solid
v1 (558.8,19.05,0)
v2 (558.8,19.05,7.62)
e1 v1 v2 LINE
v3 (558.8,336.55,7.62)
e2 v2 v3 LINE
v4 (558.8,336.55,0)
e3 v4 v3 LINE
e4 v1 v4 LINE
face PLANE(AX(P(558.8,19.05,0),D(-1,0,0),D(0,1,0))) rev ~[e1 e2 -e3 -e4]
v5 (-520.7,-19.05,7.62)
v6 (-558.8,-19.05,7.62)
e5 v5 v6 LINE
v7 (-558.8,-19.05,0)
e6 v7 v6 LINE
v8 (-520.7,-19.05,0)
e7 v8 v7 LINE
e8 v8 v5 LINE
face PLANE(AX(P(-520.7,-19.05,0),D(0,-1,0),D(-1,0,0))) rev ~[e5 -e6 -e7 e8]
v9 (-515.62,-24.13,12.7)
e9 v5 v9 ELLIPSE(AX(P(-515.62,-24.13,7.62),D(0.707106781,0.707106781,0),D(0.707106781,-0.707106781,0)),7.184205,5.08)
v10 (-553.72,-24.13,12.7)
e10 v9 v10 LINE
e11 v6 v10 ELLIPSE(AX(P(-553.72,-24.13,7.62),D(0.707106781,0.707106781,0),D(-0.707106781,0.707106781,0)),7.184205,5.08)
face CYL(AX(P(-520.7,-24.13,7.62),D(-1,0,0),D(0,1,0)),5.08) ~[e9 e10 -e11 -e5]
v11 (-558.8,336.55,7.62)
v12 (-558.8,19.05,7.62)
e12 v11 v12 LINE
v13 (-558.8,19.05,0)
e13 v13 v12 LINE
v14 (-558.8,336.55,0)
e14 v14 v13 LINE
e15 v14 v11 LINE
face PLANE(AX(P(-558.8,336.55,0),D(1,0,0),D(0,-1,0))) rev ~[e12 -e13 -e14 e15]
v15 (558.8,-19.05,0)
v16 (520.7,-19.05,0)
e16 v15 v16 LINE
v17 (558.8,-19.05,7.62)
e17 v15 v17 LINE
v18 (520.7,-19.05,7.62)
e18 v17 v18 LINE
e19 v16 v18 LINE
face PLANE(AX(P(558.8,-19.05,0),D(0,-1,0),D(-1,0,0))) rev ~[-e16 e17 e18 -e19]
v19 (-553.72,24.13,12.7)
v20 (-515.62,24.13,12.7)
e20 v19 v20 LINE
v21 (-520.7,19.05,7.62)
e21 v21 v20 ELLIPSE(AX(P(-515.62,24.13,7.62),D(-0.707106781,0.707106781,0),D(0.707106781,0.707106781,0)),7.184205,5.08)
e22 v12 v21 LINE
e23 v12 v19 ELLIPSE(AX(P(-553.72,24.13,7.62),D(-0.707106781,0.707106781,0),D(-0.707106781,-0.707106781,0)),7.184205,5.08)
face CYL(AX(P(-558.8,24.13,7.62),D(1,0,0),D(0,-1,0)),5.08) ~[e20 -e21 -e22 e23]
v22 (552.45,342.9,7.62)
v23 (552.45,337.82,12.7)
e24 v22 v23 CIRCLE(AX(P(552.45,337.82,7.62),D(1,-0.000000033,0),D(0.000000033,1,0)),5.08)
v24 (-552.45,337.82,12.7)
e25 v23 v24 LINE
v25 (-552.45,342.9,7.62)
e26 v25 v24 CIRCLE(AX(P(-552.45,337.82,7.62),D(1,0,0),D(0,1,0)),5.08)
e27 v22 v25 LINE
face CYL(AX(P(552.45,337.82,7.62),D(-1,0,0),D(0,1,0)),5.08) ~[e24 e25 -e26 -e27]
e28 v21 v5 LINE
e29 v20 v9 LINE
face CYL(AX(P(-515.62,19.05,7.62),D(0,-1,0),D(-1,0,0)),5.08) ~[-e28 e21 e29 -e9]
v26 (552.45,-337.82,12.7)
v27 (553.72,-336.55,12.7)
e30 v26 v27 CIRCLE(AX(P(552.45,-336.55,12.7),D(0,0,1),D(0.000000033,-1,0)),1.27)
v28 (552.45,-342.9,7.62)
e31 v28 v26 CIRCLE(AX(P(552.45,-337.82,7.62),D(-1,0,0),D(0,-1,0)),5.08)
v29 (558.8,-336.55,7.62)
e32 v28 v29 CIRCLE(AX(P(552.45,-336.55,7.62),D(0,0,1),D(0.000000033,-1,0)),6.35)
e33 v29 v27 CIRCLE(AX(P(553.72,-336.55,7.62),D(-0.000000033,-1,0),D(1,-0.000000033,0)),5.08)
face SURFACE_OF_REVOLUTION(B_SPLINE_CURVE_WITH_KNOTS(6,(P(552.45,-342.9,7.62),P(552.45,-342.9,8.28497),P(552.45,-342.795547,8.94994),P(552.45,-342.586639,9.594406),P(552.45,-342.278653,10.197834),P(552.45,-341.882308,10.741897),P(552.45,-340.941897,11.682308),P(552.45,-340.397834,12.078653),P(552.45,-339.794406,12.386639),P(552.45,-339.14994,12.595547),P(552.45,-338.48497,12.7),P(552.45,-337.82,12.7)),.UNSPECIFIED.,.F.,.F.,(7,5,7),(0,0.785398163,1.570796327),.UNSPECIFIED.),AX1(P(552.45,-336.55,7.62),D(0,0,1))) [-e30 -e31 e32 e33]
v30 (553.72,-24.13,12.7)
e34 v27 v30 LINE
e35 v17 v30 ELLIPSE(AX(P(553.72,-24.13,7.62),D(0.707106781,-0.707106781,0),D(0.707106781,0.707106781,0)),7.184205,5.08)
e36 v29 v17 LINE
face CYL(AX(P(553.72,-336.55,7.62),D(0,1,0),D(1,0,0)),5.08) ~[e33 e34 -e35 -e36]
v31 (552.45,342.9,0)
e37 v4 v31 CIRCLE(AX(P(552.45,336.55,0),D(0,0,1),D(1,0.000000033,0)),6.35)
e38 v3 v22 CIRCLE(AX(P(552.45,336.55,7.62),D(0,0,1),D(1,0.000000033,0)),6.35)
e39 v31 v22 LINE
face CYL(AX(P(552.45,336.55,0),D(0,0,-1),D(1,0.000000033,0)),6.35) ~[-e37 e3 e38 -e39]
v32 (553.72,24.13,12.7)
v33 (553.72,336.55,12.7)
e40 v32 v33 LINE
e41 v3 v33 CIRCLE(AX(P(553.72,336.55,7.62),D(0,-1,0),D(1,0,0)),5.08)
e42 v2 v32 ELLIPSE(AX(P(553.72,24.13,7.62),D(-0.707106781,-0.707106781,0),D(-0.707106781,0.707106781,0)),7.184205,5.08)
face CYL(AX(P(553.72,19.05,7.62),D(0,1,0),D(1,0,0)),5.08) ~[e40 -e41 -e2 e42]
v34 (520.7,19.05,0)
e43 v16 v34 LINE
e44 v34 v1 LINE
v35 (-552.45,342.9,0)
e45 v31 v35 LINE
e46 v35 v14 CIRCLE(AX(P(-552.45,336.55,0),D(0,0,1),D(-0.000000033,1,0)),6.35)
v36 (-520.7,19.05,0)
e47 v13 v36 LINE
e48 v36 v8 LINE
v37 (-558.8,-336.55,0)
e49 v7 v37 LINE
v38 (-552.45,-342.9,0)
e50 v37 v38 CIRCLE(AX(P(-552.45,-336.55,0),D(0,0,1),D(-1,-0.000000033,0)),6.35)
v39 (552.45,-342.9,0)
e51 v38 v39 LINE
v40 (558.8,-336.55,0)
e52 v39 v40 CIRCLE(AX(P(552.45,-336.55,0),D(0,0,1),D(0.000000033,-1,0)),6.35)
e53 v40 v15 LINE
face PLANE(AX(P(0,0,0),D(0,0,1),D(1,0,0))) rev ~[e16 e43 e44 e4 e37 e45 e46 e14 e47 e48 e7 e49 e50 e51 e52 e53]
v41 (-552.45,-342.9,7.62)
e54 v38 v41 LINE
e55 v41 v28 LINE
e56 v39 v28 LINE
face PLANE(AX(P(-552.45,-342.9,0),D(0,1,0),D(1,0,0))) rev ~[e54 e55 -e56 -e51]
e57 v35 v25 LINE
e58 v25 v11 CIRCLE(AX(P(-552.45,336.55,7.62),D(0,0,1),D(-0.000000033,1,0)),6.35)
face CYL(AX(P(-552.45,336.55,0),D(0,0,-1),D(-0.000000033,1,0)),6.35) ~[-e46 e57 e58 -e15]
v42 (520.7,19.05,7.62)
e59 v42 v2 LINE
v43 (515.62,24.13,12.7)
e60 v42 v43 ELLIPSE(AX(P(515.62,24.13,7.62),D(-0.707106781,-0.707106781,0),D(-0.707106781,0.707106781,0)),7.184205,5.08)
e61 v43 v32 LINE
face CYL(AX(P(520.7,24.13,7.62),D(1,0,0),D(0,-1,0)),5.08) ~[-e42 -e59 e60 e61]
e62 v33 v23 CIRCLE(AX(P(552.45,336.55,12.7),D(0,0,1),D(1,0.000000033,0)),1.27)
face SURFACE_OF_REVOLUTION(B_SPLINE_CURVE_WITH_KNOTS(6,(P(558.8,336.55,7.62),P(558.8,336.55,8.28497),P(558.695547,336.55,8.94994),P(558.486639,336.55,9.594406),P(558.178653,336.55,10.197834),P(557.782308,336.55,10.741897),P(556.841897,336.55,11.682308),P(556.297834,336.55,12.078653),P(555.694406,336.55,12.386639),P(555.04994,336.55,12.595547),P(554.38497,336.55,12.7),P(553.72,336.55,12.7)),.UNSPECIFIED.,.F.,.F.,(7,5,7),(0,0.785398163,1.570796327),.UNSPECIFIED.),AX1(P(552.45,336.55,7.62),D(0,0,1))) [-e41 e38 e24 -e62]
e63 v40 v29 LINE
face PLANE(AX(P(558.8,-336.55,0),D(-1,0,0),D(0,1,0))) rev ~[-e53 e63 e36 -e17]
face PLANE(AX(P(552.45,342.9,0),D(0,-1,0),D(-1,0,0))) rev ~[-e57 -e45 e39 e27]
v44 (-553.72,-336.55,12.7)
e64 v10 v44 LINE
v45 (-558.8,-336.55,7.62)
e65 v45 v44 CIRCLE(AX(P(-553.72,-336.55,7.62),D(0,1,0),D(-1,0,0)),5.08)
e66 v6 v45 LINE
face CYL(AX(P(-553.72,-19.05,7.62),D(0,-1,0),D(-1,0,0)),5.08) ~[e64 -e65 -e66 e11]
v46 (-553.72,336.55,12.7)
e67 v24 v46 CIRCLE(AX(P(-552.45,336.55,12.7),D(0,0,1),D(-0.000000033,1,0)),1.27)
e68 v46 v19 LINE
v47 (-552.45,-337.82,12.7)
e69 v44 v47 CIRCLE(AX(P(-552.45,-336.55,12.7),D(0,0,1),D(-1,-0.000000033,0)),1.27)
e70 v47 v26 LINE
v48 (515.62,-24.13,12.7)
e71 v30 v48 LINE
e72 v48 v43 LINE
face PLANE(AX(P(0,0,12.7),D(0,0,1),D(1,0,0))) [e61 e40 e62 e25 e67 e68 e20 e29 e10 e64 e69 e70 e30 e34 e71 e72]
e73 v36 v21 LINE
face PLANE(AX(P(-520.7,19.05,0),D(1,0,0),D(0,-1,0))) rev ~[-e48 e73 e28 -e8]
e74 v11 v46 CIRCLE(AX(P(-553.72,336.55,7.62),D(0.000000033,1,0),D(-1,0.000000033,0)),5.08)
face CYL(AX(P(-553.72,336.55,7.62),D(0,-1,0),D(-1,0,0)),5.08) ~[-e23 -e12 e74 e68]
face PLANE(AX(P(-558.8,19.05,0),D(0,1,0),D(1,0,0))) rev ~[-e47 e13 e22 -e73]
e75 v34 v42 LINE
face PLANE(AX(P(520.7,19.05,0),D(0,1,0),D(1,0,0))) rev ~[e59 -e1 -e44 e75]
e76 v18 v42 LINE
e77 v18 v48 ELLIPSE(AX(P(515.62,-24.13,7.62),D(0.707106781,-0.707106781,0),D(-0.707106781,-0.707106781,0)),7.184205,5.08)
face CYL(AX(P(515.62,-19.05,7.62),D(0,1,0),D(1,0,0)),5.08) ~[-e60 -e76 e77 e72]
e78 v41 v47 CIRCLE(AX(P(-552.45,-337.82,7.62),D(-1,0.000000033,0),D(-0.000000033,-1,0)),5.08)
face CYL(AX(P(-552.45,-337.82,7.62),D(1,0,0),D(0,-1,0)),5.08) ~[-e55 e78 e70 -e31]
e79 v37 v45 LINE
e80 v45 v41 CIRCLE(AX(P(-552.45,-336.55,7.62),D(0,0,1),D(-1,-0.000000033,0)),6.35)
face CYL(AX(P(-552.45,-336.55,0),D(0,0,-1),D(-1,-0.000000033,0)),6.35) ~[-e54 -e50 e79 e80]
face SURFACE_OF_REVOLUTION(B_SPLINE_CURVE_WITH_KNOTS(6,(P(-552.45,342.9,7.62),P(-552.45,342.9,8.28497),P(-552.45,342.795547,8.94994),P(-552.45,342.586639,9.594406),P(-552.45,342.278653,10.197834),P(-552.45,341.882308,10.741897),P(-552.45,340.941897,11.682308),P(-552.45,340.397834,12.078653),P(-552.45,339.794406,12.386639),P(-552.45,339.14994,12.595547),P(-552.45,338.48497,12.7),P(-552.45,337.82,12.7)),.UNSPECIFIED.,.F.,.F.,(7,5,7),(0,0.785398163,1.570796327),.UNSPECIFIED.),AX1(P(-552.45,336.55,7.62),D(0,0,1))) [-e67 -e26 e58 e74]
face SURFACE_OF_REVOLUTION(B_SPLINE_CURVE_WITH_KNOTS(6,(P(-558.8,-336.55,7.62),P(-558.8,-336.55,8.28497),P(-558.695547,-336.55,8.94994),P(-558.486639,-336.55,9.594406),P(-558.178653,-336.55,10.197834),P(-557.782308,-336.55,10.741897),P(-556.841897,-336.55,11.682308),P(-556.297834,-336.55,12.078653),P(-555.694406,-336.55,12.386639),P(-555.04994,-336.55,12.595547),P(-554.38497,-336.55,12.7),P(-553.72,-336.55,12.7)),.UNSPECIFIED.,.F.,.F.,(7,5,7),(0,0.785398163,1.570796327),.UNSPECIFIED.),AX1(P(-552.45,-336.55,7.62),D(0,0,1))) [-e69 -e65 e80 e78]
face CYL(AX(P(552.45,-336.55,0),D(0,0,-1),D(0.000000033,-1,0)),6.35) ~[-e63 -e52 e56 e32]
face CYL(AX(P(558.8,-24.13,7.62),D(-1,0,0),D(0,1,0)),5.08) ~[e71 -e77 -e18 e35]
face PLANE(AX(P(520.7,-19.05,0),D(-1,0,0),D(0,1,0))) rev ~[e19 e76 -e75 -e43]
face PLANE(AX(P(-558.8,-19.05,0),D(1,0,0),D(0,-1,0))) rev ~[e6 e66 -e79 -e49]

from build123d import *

# Parameters (mm, degrees)
F1_DEPTH = 12.7
F2_R     = 5.08


with BuildPart() as f1:
    # F0 (on Top) → F1 (new body)
    with BuildSketch(Plane.XY):
        with BuildLine():
            Line((-552.45, -342.9), (552.45, -342.9))
            ThreePointArc((552.45, -342.9), (556.940128, -341.040128), (558.8, -336.55))
            Line((558.8, -336.55), (558.8, -19.05))
            Line((558.8, -19.05), (520.7, -19.05))
            Line((520.7, -19.05), (520.7, 19.05))
            Line((520.7, 19.05), (558.8, 19.05))
            Line((558.8, 19.05), (558.8, 336.55))
            ThreePointArc((558.8, 336.55), (556.940128, 341.040128), (552.45, 342.9))
            Line((552.45, 342.9), (-552.45, 342.9))
            ThreePointArc((-552.45, 342.9), (-556.940128, 341.040128), (-558.8, 336.55))
            Line((-558.8, 336.55), (-558.8, 19.05))
            Line((-558.8, 19.05), (-520.7, 19.05))
            Line((-520.7, 19.05), (-520.7, -19.05))
            Line((-520.7, -19.05), (-558.8, -19.05))
            Line((-558.8, -19.05), (-558.8, -336.55))
            ThreePointArc((-558.8, -336.55), (-556.940128, -341.040128), (-552.45, -342.9))
        make_face()
    extrude(amount=F1_DEPTH)

    # F2
    f2_edges = [f1.edges().sort_by_distance(p)[0] for p in [
        (-556.940128, 341.040128, 12.7),
        (-558.8, 177.8, 12.7),
        (-539.75, 19.05, 12.7),
        (-520.7, 0, 12.7),
        (-539.75, -19.05, 12.7),
        (-558.8, -177.8, 12.7),
        (-556.940128, -341.040128, 12.7),
        (0, -342.9, 12.7),
        (556.940128, -341.040128, 12.7),
        (558.8, -177.8, 12.7),
        (539.75, -19.05, 12.7),
        (520.7, 0, 12.7),
        (539.75, 19.05, 12.7),
        (558.8, 177.8, 12.7),
        (556.940128, 341.040128, 12.7),
        (0, 342.9, 12.7),
    ]]
    fillet(f2_edges, radius=F2_R)


solid = f1.part
